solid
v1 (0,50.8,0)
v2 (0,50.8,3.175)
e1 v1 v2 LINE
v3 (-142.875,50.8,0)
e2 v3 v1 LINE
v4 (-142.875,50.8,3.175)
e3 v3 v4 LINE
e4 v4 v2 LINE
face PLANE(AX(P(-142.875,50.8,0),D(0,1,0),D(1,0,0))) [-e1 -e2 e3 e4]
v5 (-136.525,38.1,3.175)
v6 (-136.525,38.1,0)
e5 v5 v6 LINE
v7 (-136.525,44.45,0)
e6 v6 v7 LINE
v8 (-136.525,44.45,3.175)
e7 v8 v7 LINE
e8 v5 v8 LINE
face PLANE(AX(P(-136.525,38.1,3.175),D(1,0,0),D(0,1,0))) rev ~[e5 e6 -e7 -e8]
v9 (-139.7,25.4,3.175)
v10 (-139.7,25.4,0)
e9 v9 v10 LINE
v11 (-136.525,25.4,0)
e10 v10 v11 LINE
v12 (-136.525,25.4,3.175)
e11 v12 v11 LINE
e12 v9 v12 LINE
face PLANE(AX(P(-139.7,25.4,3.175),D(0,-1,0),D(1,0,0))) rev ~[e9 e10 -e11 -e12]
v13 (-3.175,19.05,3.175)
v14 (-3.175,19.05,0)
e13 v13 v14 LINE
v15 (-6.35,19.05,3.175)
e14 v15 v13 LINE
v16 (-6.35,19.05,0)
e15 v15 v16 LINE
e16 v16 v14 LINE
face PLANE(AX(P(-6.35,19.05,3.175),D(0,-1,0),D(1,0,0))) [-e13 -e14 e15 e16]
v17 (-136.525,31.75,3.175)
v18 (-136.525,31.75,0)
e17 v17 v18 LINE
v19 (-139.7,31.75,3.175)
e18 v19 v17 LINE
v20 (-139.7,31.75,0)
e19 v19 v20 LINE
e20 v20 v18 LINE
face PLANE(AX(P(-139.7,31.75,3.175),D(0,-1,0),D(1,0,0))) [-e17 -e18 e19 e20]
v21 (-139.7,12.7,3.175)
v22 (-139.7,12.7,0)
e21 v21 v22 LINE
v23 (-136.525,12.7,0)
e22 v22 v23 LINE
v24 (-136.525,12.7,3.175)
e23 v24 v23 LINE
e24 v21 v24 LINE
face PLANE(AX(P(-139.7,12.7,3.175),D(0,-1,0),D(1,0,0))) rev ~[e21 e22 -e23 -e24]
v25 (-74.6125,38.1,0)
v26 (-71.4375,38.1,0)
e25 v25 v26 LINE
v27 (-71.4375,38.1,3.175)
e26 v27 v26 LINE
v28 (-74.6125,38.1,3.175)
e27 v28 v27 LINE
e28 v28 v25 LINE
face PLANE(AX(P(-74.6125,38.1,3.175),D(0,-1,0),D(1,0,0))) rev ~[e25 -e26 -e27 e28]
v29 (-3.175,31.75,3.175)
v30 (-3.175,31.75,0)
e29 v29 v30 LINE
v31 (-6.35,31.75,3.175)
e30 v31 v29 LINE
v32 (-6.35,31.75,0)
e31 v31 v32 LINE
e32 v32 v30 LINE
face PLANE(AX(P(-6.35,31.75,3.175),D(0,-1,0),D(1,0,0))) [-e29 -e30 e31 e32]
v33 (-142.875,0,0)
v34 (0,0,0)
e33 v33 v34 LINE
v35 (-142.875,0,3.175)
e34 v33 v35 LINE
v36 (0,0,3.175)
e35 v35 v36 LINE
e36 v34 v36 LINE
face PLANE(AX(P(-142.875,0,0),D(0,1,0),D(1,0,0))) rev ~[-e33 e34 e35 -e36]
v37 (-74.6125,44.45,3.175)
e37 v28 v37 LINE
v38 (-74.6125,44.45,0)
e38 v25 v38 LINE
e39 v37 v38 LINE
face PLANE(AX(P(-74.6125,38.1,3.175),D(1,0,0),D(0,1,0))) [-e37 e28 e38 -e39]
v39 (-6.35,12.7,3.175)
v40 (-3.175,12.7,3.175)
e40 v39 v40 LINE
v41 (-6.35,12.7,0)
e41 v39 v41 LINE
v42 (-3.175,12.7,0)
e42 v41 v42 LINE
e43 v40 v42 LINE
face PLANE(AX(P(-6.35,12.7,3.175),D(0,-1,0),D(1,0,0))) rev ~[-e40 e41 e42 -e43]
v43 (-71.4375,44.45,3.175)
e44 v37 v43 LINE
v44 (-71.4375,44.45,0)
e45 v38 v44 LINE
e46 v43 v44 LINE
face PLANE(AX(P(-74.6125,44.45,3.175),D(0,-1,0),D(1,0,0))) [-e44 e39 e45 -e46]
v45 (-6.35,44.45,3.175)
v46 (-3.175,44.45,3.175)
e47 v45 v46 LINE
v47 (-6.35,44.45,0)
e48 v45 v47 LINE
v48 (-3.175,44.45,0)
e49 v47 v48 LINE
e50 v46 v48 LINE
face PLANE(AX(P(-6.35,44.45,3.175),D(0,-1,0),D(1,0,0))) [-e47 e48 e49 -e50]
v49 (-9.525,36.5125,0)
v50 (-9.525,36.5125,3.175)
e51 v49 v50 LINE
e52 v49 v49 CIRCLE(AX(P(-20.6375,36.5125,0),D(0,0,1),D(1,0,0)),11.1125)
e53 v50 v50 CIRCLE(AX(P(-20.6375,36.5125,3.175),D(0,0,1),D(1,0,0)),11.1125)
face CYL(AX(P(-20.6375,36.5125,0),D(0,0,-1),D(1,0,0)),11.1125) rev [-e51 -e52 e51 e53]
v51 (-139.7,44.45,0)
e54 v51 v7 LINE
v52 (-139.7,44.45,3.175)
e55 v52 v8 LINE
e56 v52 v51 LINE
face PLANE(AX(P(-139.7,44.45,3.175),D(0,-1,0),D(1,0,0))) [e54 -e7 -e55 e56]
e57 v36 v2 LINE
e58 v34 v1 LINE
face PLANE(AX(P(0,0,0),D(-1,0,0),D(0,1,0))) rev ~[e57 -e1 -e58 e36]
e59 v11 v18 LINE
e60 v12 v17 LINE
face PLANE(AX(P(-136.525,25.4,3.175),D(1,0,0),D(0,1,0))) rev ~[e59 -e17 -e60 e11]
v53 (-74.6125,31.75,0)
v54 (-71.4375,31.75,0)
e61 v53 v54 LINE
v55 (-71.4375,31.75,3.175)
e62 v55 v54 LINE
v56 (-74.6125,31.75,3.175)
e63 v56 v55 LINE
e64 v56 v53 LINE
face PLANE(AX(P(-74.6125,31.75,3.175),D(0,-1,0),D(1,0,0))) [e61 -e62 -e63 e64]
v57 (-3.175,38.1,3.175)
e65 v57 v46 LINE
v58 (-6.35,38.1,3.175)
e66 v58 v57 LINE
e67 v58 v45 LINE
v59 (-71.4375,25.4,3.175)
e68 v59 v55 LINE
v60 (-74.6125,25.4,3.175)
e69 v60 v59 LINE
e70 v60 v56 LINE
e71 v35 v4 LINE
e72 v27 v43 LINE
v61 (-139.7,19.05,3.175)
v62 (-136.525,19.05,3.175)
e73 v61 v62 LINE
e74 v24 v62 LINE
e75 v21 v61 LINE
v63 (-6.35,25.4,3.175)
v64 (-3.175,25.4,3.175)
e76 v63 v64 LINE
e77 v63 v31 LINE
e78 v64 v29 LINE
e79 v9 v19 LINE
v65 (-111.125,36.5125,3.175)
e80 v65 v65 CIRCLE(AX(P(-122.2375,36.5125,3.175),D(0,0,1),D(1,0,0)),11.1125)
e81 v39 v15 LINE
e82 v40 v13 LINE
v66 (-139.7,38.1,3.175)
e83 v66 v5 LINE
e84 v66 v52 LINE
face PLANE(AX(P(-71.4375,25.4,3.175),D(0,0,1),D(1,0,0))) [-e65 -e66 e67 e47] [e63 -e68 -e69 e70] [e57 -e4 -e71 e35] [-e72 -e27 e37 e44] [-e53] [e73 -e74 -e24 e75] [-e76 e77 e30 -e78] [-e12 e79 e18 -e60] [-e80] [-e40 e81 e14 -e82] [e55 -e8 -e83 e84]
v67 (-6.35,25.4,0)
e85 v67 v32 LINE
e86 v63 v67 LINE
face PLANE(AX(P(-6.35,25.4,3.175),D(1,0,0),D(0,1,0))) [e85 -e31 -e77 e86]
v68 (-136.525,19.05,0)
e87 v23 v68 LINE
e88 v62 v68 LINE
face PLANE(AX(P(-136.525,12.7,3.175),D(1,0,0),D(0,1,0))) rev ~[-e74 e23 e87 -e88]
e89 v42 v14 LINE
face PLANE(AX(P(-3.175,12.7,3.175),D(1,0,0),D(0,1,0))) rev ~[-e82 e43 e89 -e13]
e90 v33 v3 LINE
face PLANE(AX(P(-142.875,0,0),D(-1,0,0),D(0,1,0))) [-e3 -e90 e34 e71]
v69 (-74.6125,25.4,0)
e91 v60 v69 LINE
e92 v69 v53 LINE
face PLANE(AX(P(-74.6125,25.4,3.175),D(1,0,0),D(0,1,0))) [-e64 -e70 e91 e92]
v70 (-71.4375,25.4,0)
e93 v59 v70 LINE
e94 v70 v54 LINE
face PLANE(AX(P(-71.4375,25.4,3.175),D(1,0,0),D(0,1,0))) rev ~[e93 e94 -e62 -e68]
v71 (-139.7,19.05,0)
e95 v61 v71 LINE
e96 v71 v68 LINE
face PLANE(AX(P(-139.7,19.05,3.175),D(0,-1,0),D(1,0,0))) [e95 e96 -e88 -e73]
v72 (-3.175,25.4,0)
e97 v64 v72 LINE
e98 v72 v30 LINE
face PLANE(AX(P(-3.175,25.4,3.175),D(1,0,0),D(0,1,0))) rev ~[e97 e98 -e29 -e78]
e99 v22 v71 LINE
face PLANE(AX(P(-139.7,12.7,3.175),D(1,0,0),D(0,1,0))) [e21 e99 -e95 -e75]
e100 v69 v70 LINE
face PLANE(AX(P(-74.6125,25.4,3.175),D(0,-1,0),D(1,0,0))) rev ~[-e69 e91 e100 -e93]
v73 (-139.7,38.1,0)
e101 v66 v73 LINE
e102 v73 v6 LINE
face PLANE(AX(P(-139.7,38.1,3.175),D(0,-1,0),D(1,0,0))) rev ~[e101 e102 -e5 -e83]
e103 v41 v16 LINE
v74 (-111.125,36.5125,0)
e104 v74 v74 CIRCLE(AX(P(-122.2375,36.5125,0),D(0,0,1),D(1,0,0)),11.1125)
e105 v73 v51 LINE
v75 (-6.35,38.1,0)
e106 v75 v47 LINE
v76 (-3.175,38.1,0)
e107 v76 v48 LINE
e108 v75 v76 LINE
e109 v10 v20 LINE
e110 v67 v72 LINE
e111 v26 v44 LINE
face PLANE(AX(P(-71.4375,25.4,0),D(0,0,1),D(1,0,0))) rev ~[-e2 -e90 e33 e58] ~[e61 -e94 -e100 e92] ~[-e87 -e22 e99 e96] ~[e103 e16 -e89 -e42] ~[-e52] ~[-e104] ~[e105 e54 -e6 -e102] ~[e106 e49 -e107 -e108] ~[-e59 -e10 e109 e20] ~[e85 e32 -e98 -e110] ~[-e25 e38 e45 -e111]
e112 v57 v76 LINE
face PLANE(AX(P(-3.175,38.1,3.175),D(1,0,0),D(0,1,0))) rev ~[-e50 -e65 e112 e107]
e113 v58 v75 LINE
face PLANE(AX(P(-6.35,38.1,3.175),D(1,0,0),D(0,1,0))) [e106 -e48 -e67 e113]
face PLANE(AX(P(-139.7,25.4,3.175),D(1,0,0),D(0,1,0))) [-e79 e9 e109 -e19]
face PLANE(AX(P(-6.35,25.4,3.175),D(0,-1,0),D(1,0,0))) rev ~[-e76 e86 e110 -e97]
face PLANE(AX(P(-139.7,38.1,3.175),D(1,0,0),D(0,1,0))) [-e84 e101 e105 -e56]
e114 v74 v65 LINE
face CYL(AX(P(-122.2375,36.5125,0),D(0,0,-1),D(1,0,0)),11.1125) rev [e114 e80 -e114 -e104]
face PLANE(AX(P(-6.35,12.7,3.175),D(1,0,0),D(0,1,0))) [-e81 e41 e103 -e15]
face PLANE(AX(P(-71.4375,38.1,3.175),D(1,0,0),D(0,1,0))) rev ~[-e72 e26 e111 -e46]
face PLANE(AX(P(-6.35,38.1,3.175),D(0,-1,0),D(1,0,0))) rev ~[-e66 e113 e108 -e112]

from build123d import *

# Parameters (mm, degrees)
F0_W     = 142.875
F0_H     = 50.8
F0_R     = 11.1125
F1_DEPTH = 3.175
F2_W     = 3.175
F2_H     = 6.35
F3_DEPTH = 3.175


with BuildPart() as f1:
    # F0 (on Top) → F1 (new body)
    with BuildSketch(Plane.XY):
        with Locations((-71.4375, 25.4)):
            Rectangle(F0_W, F0_H)
        with Locations((-122.2375, 36.5125)):
            Circle(F0_R, mode=Mode.SUBTRACT)
        with Locations((-20.6375, 36.5125)):
            Circle(F0_R, mode=Mode.SUBTRACT)
    extrude(amount=F1_DEPTH)

    # F2 (on face) → F3 (cut, through all)
    with BuildSketch(Plane.XY.offset(3.175)):
        with Locations((-4.7625, 41.275)):
            Rectangle(F2_W, F2_H)
        with Locations((-4.7625, 28.575)):
            Rectangle(F2_W, F2_H)
        with Locations((-4.7625, 15.875)):
            Rectangle(F2_W, F2_H)
        with Locations((-138.1125, 41.275)):
            Rectangle(F2_W, F2_H)
        with Locations((-138.1125, 28.575)):
            Rectangle(F2_W, F2_H)
        with Locations((-138.1125, 15.875)):
            Rectangle(F2_W, F2_H)
        with Locations((-73.025, 41.275)):
            Rectangle(F2_W, F2_H)
        with Locations((-73.025, 28.575)):
            Rectangle(F2_W, F2_H)
    extrude(amount=-F3_DEPTH, mode=Mode.SUBTRACT)


solid = f1.part
